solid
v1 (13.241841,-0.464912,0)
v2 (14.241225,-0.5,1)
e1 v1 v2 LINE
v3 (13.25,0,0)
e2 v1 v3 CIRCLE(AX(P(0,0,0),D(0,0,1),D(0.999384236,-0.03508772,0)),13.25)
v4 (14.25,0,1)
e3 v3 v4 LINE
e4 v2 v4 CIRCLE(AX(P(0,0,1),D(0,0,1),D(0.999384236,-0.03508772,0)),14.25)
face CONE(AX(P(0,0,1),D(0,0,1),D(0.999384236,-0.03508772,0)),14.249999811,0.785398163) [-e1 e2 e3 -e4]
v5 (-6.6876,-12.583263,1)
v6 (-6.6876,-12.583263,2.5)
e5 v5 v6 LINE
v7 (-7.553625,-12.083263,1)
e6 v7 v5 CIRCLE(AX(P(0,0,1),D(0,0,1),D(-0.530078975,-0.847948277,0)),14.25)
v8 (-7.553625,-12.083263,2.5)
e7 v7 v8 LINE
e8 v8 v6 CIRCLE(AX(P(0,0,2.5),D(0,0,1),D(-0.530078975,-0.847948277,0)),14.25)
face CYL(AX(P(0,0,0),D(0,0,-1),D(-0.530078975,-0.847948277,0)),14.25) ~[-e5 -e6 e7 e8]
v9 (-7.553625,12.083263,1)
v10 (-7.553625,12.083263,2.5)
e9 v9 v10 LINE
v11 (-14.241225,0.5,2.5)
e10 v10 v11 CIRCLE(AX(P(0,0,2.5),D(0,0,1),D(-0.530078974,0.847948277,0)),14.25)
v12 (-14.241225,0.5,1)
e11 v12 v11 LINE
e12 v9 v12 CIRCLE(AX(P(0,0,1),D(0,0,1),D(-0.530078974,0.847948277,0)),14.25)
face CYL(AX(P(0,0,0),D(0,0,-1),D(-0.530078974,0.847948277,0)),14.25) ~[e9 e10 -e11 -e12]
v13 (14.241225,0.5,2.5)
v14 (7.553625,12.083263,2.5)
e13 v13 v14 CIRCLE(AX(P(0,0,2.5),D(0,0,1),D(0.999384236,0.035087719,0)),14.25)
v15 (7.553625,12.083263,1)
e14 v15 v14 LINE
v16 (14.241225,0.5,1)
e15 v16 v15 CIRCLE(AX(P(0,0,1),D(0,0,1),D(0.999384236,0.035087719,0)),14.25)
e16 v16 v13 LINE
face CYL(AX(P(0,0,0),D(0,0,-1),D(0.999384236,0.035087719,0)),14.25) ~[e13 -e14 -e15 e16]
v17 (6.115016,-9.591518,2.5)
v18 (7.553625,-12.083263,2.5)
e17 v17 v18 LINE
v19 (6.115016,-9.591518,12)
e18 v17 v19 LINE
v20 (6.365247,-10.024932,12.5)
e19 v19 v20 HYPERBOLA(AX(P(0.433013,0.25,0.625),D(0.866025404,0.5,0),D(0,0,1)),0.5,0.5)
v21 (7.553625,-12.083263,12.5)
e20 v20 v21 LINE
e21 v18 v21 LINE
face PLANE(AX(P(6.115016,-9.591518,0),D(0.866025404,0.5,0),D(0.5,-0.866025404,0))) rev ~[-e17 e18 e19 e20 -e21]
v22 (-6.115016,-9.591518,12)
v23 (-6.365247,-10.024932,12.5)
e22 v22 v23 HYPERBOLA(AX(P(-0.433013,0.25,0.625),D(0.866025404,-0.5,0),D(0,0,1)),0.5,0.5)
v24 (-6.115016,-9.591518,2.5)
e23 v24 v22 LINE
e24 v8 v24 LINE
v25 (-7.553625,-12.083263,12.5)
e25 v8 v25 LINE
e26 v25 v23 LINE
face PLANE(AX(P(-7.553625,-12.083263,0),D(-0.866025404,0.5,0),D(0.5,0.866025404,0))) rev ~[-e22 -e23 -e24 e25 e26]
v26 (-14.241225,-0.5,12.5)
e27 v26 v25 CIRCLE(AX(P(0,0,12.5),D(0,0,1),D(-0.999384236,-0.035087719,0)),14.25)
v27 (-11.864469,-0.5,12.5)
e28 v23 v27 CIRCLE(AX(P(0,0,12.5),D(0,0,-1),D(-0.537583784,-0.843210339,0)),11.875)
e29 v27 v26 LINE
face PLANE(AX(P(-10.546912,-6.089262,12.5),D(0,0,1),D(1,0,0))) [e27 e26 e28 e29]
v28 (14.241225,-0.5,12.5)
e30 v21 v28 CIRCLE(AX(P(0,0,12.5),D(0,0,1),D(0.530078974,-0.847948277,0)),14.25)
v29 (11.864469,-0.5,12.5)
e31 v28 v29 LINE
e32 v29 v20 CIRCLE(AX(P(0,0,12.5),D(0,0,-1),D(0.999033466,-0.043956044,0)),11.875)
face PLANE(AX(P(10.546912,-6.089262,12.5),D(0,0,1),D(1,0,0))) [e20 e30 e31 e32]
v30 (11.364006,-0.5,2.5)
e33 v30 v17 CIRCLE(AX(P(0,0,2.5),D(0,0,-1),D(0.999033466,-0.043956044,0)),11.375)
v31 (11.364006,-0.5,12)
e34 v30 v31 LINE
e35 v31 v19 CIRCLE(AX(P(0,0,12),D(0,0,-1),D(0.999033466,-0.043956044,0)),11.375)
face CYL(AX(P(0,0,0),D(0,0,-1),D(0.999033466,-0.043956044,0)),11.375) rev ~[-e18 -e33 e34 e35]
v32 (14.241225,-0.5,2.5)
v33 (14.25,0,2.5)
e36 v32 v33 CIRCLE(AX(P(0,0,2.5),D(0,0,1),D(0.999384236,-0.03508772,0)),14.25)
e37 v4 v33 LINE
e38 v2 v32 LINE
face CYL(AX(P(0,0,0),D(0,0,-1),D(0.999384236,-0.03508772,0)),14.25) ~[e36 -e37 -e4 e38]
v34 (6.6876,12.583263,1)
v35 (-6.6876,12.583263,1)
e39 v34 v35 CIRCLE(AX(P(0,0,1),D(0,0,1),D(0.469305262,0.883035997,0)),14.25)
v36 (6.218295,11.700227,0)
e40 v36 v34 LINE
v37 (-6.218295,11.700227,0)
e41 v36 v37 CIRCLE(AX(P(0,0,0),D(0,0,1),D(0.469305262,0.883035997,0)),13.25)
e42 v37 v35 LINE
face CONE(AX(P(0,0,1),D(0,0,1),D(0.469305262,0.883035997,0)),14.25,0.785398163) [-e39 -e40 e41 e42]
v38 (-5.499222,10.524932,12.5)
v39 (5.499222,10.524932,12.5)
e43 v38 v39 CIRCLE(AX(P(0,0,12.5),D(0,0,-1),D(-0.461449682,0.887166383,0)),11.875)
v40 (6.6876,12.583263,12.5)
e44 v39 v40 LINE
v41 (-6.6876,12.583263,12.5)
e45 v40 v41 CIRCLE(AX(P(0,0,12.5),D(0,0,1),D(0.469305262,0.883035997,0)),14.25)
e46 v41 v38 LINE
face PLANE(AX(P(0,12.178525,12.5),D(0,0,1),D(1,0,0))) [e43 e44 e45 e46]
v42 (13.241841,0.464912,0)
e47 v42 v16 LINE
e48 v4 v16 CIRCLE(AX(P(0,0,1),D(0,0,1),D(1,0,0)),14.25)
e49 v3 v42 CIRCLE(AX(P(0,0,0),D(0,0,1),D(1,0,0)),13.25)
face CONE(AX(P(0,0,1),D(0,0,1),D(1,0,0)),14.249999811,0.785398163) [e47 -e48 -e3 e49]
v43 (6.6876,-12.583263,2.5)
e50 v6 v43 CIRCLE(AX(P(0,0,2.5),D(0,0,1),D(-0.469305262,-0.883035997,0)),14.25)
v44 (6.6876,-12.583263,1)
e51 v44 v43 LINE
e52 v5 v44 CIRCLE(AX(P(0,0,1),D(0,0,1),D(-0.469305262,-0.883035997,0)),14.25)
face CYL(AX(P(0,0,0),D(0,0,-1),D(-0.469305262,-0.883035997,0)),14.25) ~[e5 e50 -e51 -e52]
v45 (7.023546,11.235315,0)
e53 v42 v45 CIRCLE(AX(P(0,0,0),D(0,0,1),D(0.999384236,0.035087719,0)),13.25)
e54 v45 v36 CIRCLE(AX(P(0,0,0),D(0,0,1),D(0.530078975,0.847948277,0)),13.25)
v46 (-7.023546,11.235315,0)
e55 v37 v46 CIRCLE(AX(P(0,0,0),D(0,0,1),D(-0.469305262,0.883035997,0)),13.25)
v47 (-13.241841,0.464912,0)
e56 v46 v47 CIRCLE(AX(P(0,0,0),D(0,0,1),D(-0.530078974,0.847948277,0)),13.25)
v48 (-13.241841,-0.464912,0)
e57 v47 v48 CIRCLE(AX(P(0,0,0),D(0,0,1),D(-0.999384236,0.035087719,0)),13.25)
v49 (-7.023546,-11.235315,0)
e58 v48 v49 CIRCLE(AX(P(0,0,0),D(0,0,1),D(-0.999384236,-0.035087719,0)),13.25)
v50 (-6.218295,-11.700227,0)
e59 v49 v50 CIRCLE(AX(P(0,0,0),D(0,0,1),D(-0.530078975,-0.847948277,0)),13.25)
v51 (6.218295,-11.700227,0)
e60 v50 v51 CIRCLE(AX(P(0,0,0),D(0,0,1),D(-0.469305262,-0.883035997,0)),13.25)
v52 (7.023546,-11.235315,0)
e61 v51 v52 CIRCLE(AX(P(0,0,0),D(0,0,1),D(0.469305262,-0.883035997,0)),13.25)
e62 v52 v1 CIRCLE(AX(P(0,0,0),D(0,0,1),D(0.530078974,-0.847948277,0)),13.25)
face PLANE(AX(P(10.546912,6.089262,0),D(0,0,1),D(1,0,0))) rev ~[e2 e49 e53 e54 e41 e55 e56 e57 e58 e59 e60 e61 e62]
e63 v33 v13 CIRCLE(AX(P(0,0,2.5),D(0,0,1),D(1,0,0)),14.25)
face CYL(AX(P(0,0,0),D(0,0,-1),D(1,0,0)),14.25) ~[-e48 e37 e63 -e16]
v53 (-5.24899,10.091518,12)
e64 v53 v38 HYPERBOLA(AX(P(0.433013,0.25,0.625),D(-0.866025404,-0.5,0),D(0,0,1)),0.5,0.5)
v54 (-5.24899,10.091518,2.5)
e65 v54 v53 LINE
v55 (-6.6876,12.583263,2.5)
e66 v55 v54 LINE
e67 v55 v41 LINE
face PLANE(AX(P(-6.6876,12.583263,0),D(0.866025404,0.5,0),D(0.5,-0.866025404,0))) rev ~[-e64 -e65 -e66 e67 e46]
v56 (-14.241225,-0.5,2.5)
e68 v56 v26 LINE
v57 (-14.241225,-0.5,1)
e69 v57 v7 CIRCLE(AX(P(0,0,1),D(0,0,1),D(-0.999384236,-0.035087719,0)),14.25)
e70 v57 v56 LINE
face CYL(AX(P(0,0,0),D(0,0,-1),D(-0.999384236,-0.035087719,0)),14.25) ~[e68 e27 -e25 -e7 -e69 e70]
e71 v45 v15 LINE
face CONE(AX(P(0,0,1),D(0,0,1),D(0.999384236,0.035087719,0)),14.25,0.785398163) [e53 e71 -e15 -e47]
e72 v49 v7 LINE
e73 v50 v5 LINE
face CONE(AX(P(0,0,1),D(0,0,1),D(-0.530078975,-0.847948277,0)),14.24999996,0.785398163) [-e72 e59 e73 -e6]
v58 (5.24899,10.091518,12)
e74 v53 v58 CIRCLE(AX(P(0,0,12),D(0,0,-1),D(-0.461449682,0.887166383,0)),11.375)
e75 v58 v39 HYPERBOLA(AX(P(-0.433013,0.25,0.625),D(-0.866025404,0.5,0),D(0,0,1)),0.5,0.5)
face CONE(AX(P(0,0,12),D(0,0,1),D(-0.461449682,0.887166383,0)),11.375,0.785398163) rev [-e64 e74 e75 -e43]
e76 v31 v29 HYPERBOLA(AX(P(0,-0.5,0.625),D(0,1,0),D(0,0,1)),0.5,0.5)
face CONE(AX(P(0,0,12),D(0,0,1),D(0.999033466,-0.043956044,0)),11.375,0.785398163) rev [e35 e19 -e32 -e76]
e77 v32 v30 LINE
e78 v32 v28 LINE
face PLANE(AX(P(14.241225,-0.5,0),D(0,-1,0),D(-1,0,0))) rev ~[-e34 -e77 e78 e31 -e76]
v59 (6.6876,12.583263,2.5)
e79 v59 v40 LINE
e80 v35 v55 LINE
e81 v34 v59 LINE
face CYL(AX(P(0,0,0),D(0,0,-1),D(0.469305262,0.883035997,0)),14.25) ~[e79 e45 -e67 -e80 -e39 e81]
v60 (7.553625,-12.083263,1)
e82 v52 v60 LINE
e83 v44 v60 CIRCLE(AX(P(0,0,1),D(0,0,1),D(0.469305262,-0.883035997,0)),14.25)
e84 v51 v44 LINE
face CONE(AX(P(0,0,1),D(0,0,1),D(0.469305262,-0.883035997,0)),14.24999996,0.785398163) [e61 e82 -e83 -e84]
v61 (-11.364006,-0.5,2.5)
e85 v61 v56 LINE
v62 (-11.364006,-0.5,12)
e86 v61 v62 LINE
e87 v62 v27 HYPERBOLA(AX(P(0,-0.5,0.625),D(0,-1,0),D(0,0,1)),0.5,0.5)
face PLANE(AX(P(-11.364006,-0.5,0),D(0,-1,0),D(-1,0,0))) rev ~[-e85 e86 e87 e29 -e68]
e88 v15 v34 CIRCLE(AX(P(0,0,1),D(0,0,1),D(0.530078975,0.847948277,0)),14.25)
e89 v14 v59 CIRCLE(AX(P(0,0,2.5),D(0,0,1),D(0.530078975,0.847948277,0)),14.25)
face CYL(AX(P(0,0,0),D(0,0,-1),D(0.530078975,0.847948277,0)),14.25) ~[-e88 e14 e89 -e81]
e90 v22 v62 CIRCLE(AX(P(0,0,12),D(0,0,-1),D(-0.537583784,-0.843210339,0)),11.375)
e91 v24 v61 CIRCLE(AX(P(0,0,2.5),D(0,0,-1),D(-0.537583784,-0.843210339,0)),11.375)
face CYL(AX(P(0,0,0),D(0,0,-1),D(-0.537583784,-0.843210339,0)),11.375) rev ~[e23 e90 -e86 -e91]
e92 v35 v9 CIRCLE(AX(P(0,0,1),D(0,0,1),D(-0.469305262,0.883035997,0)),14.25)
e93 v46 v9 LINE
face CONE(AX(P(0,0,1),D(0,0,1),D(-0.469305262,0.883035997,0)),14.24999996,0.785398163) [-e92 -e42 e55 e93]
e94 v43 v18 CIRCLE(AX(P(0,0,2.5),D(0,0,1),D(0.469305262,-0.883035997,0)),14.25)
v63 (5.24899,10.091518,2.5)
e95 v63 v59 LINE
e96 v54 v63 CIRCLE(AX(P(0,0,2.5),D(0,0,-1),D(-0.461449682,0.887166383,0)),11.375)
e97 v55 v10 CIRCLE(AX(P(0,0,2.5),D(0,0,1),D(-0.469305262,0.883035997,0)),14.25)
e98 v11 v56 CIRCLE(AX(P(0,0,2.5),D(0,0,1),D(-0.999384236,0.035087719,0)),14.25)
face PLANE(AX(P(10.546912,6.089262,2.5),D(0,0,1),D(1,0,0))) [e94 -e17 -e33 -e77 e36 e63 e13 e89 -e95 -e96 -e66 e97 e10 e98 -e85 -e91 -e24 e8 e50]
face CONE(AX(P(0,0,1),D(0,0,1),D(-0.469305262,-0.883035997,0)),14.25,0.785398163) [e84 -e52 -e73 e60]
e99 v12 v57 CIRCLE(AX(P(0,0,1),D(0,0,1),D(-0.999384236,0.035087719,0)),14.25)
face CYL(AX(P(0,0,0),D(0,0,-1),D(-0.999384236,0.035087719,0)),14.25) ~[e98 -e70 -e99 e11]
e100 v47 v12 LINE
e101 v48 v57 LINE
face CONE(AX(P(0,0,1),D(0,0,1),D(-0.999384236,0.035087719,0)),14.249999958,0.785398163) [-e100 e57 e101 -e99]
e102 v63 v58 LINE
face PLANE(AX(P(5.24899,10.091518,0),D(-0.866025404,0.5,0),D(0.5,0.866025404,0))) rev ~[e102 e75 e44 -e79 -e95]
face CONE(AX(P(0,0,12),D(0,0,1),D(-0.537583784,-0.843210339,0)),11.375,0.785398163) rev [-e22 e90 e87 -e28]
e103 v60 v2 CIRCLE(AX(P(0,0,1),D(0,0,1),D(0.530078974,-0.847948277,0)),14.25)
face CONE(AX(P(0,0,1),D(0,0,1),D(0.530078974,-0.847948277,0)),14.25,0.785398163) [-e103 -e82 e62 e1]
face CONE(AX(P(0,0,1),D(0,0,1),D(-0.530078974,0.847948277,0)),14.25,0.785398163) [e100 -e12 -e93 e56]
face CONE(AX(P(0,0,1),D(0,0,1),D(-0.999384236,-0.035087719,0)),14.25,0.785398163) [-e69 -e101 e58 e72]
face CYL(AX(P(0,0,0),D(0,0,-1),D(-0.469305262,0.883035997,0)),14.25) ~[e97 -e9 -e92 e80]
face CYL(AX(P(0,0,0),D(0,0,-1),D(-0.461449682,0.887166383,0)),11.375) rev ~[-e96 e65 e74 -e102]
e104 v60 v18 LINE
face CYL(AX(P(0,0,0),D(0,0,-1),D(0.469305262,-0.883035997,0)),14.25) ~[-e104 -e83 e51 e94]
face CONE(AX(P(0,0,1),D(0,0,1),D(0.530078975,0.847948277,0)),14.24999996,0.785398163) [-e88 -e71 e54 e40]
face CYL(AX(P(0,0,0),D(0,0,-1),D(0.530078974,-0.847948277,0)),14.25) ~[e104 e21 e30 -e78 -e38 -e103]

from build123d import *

# Parameters (mm, degrees)
F2_DEPTH = 12.5
F3_DEPTH = 2.5
F4_SIZE  = 0.5
F5_START = 2.5
F5_DEPTH = 22.5
F6_SIZE  = 1


with BuildPart() as f2:
    # F1 (on Top) → F2 (new body)
    with BuildSketch(Plane.XY):
        with BuildLine():
            Line((5.248990136, 10.091517604), (6.6875999824, 12.5832629502))
            ThreePointArc((6.6875999824, 12.5832629502), (0, 14.25), (-6.6875999824, 12.5832629502))
            Line((-6.6875999824, 12.5832629502), (-5.248990136, 10.091517604))
            ThreePointArc((-5.248990136, 10.091517604), (0, 11.375), (5.248990136, 10.091517604))
        make_face()
    extrude(amount=F2_DEPTH)



with BuildPart() as f2b:
    # F1 (on Top) → F2, piece 2 (new body)
    with BuildSketch(Plane.XY):
        with BuildLine():
            Line((11.3640056758, 0.5), (14.2412253686, 0.5))
            ThreePointArc((14.2412253686, 0.5), (12.3408620039, 7.125), (7.5536253862, 12.0832629502))
            Line((7.5536253862, 12.0832629502), (6.1150155398, 9.591517604))
            ThreePointArc((6.1150155398, 9.591517604), (9.851038968, 5.6875), (11.3640056758, 0.5))
        make_face()
    extrude(amount=F2_DEPTH)


with BuildPart() as f2c:
    # F1 (on Top) → F2, piece 3 (new body)
    with BuildSketch(Plane.XY):
        with BuildLine():
            ThreePointArc((7.5536253862, -12.0832629502), (12.3408620039, -7.125), (14.2412253686, -0.5))
            Line((14.2412253686, -0.5), (11.3640056758, -0.5))
            ThreePointArc((11.3640056758, -0.5), (9.851038968, -5.6875), (6.1150155398, -9.591517604))
            Line((6.1150155398, -9.591517604), (7.5536253862, -12.0832629502))
        make_face()
    extrude(amount=F2_DEPTH)


with BuildPart() as f2d:
    # F1 (on Top) → F2, piece 4 (new body)
    with BuildSketch(Plane.XY):
        with BuildLine():
            ThreePointArc((-14.2412253686, -0.5), (-12.3408620039, -7.125), (-7.5536253862, -12.0832629502))
            Line((-7.5536253862, -12.0832629502), (-6.1150155398, -9.591517604))
            ThreePointArc((-6.1150155398, -9.591517604), (-9.851038968, -5.6875), (-11.3640056758, -0.5))
            Line((-11.3640056758, -0.5), (-14.2412253686, -0.5))
        make_face()
    extrude(amount=F2_DEPTH)


with BuildPart() as f2e:
    # F1 (on Top) → F2, piece 5 (new body)
    with BuildSketch(Plane.XY):
        with BuildLine():
            Line((-6.1150155398, 9.591517604), (-7.5536253862, 12.0832629502))
            ThreePointArc((-7.5536253862, 12.0832629502), (-12.3408620039, 7.125), (-14.2412253686, 0.5))
            Line((-14.2412253686, 0.5), (-11.3640056758, 0.5))
            ThreePointArc((-11.3640056758, 0.5), (-9.851038968, 5.6875), (-6.1150155398, 9.591517604))
        make_face()
    extrude(amount=F2_DEPTH)


with BuildPart() as f2_1:
    add(f2.part)

    add(f2b.part)  # F3 merges F2b

    add(f2c.part)  # F3 merges F2c

    add(f2d.part)  # F3 merges F2d

    add(f2e.part)  # F3 merges F2e
    # F1 (on Top) → F3 (join)
    with BuildSketch(Plane.XY):
        with BuildLine():
            Line((11.3640056758, 0.5), (14.2412253686, 0.5))
            ThreePointArc((14.2412253686, 0.5), (12.3408620039, 7.125), (7.5536253862, 12.0832629502))
            Line((7.5536253862, 12.0832629502), (6.1150155398, 9.591517604))
            ThreePointArc((6.1150155398, 9.591517604), (9.851038968, 5.6875), (11.3640056758, 0.5))
        make_face()
        with BuildLine():
            Line((6.1150155398, 9.591517604), (7.5536253862, 12.0832629502))
            ThreePointArc((7.5536253862, 12.0832629502), (7.125, 12.3408620039), (6.6875999824, 12.5832629502))
            Line((6.6875999824, 12.5832629502), (5.248990136, 10.091517604))
            ThreePointArc((5.248990136, 10.091517604), (5.6875, 9.851038968), (6.1150155398, 9.591517604))
        make_face()
        with BuildLine():
            Line((5.248990136, 10.091517604), (6.6875999824, 12.5832629502))
            ThreePointArc((6.6875999824, 12.5832629502), (0, 14.25), (-6.6875999824, 12.5832629502))
            Line((-6.6875999824, 12.5832629502), (-5.248990136, 10.091517604))
            ThreePointArc((-5.248990136, 10.091517604), (0, 11.375), (5.248990136, 10.091517604))
        make_face()
        with BuildLine():
            Line((-5.248990136, 10.091517604), (-6.6875999824, 12.5832629502))
            ThreePointArc((-6.6875999824, 12.5832629502), (-7.125, 12.3408620039), (-7.5536253862, 12.0832629502))
            Line((-7.5536253862, 12.0832629502), (-6.1150155398, 9.591517604))
            ThreePointArc((-6.1150155398, 9.591517604), (-5.6875, 9.851038968), (-5.248990136, 10.091517604))
        make_face()
        with BuildLine():
            Line((-6.1150155398, 9.591517604), (-7.5536253862, 12.0832629502))
            ThreePointArc((-7.5536253862, 12.0832629502), (-12.3408620039, 7.125), (-14.2412253686, 0.5))
            Line((-14.2412253686, 0.5), (-11.3640056758, 0.5))
            ThreePointArc((-11.3640056758, 0.5), (-9.851038968, 5.6875), (-6.1150155398, 9.591517604))
        make_face()
        with BuildLine():
            Line((-11.3640056758, 0.5), (-14.2412253686, 0.5))
            ThreePointArc((-14.2412253686, 0.5), (-14.25, 0), (-14.2412253686, -0.5))
            Line((-14.2412253686, -0.5), (-11.3640056758, -0.5))
            ThreePointArc((-11.3640056758, -0.5), (-11.375, 0), (-11.3640056758, 0.5))
        make_face()
        with BuildLine():
            ThreePointArc((-14.2412253686, -0.5), (-12.3408620039, -7.125), (-7.5536253862, -12.0832629502))
            Line((-7.5536253862, -12.0832629502), (-6.1150155398, -9.591517604))
            ThreePointArc((-6.1150155398, -9.591517604), (-9.851038968, -5.6875), (-11.3640056758, -0.5))
            Line((-11.3640056758, -0.5), (-14.2412253686, -0.5))
        make_face()
        with BuildLine():
            ThreePointArc((-7.5536253862, -12.0832629502), (-7.125, -12.3408620039), (-6.6875999824, -12.5832629502))
            Line((-6.6875999824, -12.5832629502), (-5.248990136, -10.091517604))
            ThreePointArc((-5.248990136, -10.091517604), (-5.6875, -9.851038968), (-6.1150155398, -9.591517604))
            Line((-6.1150155398, -9.591517604), (-7.5536253862, -12.0832629502))
        make_face()
        with BuildLine():
            ThreePointArc((-6.6875999824, -12.5832629502), (0, -14.25), (6.6875999824, -12.5832629502))
            Line((6.6875999824, -12.5832629502), (5.248990136, -10.091517604))
            ThreePointArc((5.248990136, -10.091517604), (0, -11.375), (-5.248990136, -10.091517604))
            Line((-5.248990136, -10.091517604), (-6.6875999824, -12.5832629502))
        make_face()
        with BuildLine():
            ThreePointArc((6.6875999824, -12.5832629502), (7.125, -12.3408620039), (7.5536253862, -12.0832629502))
            Line((7.5536253862, -12.0832629502), (6.1150155398, -9.591517604))
            ThreePointArc((6.1150155398, -9.591517604), (5.6875, -9.851038968), (5.248990136, -10.091517604))
            Line((5.248990136, -10.091517604), (6.6875999824, -12.5832629502))
        make_face()
        with BuildLine():
            ThreePointArc((7.5536253862, -12.0832629502), (12.3408620039, -7.125), (14.2412253686, -0.5))
            Line((14.2412253686, -0.5), (11.3640056758, -0.5))
            ThreePointArc((11.3640056758, -0.5), (9.851038968, -5.6875), (6.1150155398, -9.591517604))
            Line((6.1150155398, -9.591517604), (7.5536253862, -12.0832629502))
        make_face()
        with BuildLine():
            ThreePointArc((14.2412253686, -0.5), (14.2478061733, -0.2500384941), (14.25, 0))
            ThreePointArc((14.25, 0), (14.2478061733, 0.2500384941), (14.2412253686, 0.5))
            Line((14.2412253686, 0.5), (11.3640056758, 0.5))
            ThreePointArc((11.3640056758, 0.5), (11.3722510868, 0.2500604303), (11.375, 0))
            ThreePointArc((11.375, 0), (11.3722510868, -0.2500604303), (11.3640056758, -0.5))
            Line((11.3640056758, -0.5), (14.2412253686, -0.5))
        make_face()
        with BuildLine():
            Line((0.8660254038, 0.5), (11.3640056758, 0.5))
            ThreePointArc((11.3640056758, 0.5), (9.851038968, 5.6875), (6.1150155398, 9.591517604))
            Line((6.1150155398, 9.591517604), (0.8660254038, 0.5))
        make_face()
        with BuildLine():
            ThreePointArc((11.375, 0), (11.3722510868, 0.2500604303), (11.3640056758, 0.5))
            Line((11.3640056758, 0.5), (0.8660254038, 0.5))
            Line((0.8660254038, 0.5), (0.5773502692, 0))
            Line((0.5773502692, 0), (0.8660254038, -0.5))
            Line((0.8660254038, -0.5), (11.3640056758, -0.5))
            ThreePointArc((11.3640056758, -0.5), (11.3722510868, -0.2500604303), (11.375, 0))
        make_face()
        with BuildLine():
            ThreePointArc((-11.3640056758, -0.5), (-9.851038968, -5.6875), (-6.1150155398, -9.591517604))
            Line((-6.1150155398, -9.591517604), (-0.8660254038, -0.5))
            Line((-0.8660254038, -0.5), (-11.3640056758, -0.5))
        make_face()
        with BuildLine():
            Line((-0.8660254038, 0.5), (-6.1150155398, 9.591517604))
            ThreePointArc((-6.1150155398, 9.591517604), (-9.851038968, 5.6875), (-11.3640056758, 0.5))
            Line((-11.3640056758, 0.5), (-0.8660254038, 0.5))
        make_face()
        with BuildLine():
            Line((0, 1), (-5.248990136, 10.091517604))
            ThreePointArc((-5.248990136, 10.091517604), (-5.6875, 9.851038968), (-6.1150155398, 9.591517604))
            Line((-6.1150155398, 9.591517604), (-0.8660254038, 0.5))
            Line((-0.8660254038, 0.5), (-0.2886751346, 0.5))
            Line((-0.2886751346, 0.5), (0, 1))
        make_face()
        with BuildLine():
            Line((0, 1), (5.248990136, 10.091517604))
            ThreePointArc((5.248990136, 10.091517604), (0, 11.375), (-5.248990136, 10.091517604))
            Line((-5.248990136, 10.091517604), (0, 1))
        make_face()
        with BuildLine():
            Line((0.8660254038, 0.5), (6.1150155398, 9.591517604))
            ThreePointArc((6.1150155398, 9.591517604), (5.6875, 9.851038968), (5.248990136, 10.091517604))
            Line((5.248990136, 10.091517604), (0, 1))
            Line((0, 1), (0.2886751346, 0.5))
            Line((0.2886751346, 0.5), (0.8660254038, 0.5))
        make_face()
        with BuildLine():
            ThreePointArc((5.248990136, -10.091517604), (5.6875, -9.851038968), (6.1150155398, -9.591517604))
            Line((6.1150155398, -9.591517604), (0.8660254038, -0.5))
            Line((0.8660254038, -0.5), (0.2886751346, -0.5))
            Line((0.2886751346, -0.5), (0, -1))
            Line((0, -1), (5.248990136, -10.091517604))
        make_face()
        with BuildLine():
            ThreePointArc((6.1150155398, -9.591517604), (9.851038968, -5.6875), (11.3640056758, -0.5))
            Line((11.3640056758, -0.5), (0.8660254038, -0.5))
            Line((0.8660254038, -0.5), (6.1150155398, -9.591517604))
        make_face()
        with BuildLine():
            ThreePointArc((-5.248990136, -10.091517604), (0, -11.375), (5.248990136, -10.091517604))
            Line((5.248990136, -10.091517604), (0, -1))
            Line((0, -1), (-5.248990136, -10.091517604))
        make_face()
        with BuildLine():
            ThreePointArc((-6.1150155398, -9.591517604), (-5.6875, -9.851038968), (-5.248990136, -10.091517604))
            Line((-5.248990136, -10.091517604), (0, -1))
            Line((0, -1), (-0.2886751346, -0.5))
            Line((-0.2886751346, -0.5), (-0.8660254038, -0.5))
            Line((-0.8660254038, -0.5), (-6.1150155398, -9.591517604))
        make_face()
        Polygon((0.5773502692, 0), (0.2886751346, 0.5), (-0.2886751346, 0.5), (-0.5773502692, 0), (-0.2886751346, -0.5), (0.2886751346, -0.5), align=None)
        with BuildLine():
            Line((-0.5773502692, 0), (-0.8660254038, 0.5))
            Line((-0.8660254038, 0.5), (-11.3640056758, 0.5))
            ThreePointArc((-11.3640056758, 0.5), (-11.375, 0), (-11.3640056758, -0.5))
            Line((-11.3640056758, -0.5), (-0.8660254038, -0.5))
            Line((-0.8660254038, -0.5), (-0.5773502692, 0))
        make_face()
        Polygon((0, -1), (0.2886751346, -0.5), (-0.2886751346, -0.5), align=None)
        Polygon((-0.8660254038, -0.5), (-0.2886751346, -0.5), (-0.5773502692, 0), align=None)
        Polygon((-0.5773502692, 0), (-0.2886751346, 0.5), (-0.8660254038, 0.5), align=None)
        Polygon((-0.2886751346, 0.5), (0.2886751346, 0.5), (0, 1), align=None)
        Polygon((0.5773502692, 0), (0.8660254038, 0.5), (0.2886751346, 0.5), align=None)
        Polygon((0.2886751346, -0.5), (0.8660254038, -0.5), (0.5773502692, 0), align=None)
    extrude(amount=F3_DEPTH)

    # F4
    f4_edges = [f2_1.edges().sort_by_distance(p)[0] for p in [
        (0, 11.375, 12.5),
        (9.851039, 5.6875, 12.5),
        (9.851039, -5.6875, 12.5),
        (-9.851039, -5.6875, 12.5),
        (-9.851039, 5.6875, 12.5),
    ]]
    chamfer(f4_edges, length=F4_SIZE)

    # F1 (on Top) → F5 (cut)
    with BuildSketch(Plane.XY.offset(F5_START)):
        with BuildLine():
            ThreePointArc((-14.2412253686, -0.5), (-14.25, 0), (-14.2412253686, 0.5))
            Line((-14.2412253686, 0.5), (-17.5, 0.5))
            Line((-17.5, 0.5), (-17.5, -0.5))
            Line((-17.5, -0.5), (-14.2412253686, -0.5))
        make_face()
        with BuildLine():
            Line((11.3640056758, 0.5), (14.2412253686, 0.5))
            ThreePointArc((14.2412253686, 0.5), (12.3408620039, 7.125), (7.5536253862, 12.0832629502))
            Line((7.5536253862, 12.0832629502), (6.1150155398, 9.591517604))
            ThreePointArc((6.1150155398, 9.591517604), (9.851038968, 5.6875), (11.3640056758, 0.5))
        make_face()
        with BuildLine():
            Line((0.8660254038, 0.5), (11.3640056758, 0.5))
            ThreePointArc((11.3640056758, 0.5), (9.851038968, 5.6875), (6.1150155398, 9.591517604))
            Line((6.1150155398, 9.591517604), (0.8660254038, 0.5))
        make_face()
        with BuildLine():
            Line((-6.1150155398, 9.591517604), (-7.5536253862, 12.0832629502))
            ThreePointArc((-7.5536253862, 12.0832629502), (-12.3408620039, 7.125), (-14.2412253686, 0.5))
            Line((-14.2412253686, 0.5), (-11.3640056758, 0.5))
            ThreePointArc((-11.3640056758, 0.5), (-9.851038968, 5.6875), (-6.1150155398, 9.591517604))
        make_face()
        with BuildLine():
            ThreePointArc((14.2412253686, 0.5), (14.2478061733, 0.2500384941), (14.25, 0))
            ThreePointArc((14.25, 0), (14.2478061733, -0.2500384941), (14.2412253686, -0.5))
            Line((14.2412253686, -0.5), (17.5, -0.5))
            Line((17.5, -0.5), (17.5, 0.5))
            Line((17.5, 0.5), (14.2412253686, 0.5))
        make_face()
    extrude(amount=F5_DEPTH, mode=Mode.SUBTRACT)

    # F6
    f6_edges = [f2_1.edges().sort_by_distance(p)[0] for p in [
        (12.083263, 7.553625, 0),
        (-12.340862, 7.125, 0),
        (-12.340862, -7.125, 0),
        (-14.25, 0, 0),
        (0, -14.25, 0),
    ]]
    chamfer(f6_edges, length=F6_SIZE)


solid = f2_1.part
